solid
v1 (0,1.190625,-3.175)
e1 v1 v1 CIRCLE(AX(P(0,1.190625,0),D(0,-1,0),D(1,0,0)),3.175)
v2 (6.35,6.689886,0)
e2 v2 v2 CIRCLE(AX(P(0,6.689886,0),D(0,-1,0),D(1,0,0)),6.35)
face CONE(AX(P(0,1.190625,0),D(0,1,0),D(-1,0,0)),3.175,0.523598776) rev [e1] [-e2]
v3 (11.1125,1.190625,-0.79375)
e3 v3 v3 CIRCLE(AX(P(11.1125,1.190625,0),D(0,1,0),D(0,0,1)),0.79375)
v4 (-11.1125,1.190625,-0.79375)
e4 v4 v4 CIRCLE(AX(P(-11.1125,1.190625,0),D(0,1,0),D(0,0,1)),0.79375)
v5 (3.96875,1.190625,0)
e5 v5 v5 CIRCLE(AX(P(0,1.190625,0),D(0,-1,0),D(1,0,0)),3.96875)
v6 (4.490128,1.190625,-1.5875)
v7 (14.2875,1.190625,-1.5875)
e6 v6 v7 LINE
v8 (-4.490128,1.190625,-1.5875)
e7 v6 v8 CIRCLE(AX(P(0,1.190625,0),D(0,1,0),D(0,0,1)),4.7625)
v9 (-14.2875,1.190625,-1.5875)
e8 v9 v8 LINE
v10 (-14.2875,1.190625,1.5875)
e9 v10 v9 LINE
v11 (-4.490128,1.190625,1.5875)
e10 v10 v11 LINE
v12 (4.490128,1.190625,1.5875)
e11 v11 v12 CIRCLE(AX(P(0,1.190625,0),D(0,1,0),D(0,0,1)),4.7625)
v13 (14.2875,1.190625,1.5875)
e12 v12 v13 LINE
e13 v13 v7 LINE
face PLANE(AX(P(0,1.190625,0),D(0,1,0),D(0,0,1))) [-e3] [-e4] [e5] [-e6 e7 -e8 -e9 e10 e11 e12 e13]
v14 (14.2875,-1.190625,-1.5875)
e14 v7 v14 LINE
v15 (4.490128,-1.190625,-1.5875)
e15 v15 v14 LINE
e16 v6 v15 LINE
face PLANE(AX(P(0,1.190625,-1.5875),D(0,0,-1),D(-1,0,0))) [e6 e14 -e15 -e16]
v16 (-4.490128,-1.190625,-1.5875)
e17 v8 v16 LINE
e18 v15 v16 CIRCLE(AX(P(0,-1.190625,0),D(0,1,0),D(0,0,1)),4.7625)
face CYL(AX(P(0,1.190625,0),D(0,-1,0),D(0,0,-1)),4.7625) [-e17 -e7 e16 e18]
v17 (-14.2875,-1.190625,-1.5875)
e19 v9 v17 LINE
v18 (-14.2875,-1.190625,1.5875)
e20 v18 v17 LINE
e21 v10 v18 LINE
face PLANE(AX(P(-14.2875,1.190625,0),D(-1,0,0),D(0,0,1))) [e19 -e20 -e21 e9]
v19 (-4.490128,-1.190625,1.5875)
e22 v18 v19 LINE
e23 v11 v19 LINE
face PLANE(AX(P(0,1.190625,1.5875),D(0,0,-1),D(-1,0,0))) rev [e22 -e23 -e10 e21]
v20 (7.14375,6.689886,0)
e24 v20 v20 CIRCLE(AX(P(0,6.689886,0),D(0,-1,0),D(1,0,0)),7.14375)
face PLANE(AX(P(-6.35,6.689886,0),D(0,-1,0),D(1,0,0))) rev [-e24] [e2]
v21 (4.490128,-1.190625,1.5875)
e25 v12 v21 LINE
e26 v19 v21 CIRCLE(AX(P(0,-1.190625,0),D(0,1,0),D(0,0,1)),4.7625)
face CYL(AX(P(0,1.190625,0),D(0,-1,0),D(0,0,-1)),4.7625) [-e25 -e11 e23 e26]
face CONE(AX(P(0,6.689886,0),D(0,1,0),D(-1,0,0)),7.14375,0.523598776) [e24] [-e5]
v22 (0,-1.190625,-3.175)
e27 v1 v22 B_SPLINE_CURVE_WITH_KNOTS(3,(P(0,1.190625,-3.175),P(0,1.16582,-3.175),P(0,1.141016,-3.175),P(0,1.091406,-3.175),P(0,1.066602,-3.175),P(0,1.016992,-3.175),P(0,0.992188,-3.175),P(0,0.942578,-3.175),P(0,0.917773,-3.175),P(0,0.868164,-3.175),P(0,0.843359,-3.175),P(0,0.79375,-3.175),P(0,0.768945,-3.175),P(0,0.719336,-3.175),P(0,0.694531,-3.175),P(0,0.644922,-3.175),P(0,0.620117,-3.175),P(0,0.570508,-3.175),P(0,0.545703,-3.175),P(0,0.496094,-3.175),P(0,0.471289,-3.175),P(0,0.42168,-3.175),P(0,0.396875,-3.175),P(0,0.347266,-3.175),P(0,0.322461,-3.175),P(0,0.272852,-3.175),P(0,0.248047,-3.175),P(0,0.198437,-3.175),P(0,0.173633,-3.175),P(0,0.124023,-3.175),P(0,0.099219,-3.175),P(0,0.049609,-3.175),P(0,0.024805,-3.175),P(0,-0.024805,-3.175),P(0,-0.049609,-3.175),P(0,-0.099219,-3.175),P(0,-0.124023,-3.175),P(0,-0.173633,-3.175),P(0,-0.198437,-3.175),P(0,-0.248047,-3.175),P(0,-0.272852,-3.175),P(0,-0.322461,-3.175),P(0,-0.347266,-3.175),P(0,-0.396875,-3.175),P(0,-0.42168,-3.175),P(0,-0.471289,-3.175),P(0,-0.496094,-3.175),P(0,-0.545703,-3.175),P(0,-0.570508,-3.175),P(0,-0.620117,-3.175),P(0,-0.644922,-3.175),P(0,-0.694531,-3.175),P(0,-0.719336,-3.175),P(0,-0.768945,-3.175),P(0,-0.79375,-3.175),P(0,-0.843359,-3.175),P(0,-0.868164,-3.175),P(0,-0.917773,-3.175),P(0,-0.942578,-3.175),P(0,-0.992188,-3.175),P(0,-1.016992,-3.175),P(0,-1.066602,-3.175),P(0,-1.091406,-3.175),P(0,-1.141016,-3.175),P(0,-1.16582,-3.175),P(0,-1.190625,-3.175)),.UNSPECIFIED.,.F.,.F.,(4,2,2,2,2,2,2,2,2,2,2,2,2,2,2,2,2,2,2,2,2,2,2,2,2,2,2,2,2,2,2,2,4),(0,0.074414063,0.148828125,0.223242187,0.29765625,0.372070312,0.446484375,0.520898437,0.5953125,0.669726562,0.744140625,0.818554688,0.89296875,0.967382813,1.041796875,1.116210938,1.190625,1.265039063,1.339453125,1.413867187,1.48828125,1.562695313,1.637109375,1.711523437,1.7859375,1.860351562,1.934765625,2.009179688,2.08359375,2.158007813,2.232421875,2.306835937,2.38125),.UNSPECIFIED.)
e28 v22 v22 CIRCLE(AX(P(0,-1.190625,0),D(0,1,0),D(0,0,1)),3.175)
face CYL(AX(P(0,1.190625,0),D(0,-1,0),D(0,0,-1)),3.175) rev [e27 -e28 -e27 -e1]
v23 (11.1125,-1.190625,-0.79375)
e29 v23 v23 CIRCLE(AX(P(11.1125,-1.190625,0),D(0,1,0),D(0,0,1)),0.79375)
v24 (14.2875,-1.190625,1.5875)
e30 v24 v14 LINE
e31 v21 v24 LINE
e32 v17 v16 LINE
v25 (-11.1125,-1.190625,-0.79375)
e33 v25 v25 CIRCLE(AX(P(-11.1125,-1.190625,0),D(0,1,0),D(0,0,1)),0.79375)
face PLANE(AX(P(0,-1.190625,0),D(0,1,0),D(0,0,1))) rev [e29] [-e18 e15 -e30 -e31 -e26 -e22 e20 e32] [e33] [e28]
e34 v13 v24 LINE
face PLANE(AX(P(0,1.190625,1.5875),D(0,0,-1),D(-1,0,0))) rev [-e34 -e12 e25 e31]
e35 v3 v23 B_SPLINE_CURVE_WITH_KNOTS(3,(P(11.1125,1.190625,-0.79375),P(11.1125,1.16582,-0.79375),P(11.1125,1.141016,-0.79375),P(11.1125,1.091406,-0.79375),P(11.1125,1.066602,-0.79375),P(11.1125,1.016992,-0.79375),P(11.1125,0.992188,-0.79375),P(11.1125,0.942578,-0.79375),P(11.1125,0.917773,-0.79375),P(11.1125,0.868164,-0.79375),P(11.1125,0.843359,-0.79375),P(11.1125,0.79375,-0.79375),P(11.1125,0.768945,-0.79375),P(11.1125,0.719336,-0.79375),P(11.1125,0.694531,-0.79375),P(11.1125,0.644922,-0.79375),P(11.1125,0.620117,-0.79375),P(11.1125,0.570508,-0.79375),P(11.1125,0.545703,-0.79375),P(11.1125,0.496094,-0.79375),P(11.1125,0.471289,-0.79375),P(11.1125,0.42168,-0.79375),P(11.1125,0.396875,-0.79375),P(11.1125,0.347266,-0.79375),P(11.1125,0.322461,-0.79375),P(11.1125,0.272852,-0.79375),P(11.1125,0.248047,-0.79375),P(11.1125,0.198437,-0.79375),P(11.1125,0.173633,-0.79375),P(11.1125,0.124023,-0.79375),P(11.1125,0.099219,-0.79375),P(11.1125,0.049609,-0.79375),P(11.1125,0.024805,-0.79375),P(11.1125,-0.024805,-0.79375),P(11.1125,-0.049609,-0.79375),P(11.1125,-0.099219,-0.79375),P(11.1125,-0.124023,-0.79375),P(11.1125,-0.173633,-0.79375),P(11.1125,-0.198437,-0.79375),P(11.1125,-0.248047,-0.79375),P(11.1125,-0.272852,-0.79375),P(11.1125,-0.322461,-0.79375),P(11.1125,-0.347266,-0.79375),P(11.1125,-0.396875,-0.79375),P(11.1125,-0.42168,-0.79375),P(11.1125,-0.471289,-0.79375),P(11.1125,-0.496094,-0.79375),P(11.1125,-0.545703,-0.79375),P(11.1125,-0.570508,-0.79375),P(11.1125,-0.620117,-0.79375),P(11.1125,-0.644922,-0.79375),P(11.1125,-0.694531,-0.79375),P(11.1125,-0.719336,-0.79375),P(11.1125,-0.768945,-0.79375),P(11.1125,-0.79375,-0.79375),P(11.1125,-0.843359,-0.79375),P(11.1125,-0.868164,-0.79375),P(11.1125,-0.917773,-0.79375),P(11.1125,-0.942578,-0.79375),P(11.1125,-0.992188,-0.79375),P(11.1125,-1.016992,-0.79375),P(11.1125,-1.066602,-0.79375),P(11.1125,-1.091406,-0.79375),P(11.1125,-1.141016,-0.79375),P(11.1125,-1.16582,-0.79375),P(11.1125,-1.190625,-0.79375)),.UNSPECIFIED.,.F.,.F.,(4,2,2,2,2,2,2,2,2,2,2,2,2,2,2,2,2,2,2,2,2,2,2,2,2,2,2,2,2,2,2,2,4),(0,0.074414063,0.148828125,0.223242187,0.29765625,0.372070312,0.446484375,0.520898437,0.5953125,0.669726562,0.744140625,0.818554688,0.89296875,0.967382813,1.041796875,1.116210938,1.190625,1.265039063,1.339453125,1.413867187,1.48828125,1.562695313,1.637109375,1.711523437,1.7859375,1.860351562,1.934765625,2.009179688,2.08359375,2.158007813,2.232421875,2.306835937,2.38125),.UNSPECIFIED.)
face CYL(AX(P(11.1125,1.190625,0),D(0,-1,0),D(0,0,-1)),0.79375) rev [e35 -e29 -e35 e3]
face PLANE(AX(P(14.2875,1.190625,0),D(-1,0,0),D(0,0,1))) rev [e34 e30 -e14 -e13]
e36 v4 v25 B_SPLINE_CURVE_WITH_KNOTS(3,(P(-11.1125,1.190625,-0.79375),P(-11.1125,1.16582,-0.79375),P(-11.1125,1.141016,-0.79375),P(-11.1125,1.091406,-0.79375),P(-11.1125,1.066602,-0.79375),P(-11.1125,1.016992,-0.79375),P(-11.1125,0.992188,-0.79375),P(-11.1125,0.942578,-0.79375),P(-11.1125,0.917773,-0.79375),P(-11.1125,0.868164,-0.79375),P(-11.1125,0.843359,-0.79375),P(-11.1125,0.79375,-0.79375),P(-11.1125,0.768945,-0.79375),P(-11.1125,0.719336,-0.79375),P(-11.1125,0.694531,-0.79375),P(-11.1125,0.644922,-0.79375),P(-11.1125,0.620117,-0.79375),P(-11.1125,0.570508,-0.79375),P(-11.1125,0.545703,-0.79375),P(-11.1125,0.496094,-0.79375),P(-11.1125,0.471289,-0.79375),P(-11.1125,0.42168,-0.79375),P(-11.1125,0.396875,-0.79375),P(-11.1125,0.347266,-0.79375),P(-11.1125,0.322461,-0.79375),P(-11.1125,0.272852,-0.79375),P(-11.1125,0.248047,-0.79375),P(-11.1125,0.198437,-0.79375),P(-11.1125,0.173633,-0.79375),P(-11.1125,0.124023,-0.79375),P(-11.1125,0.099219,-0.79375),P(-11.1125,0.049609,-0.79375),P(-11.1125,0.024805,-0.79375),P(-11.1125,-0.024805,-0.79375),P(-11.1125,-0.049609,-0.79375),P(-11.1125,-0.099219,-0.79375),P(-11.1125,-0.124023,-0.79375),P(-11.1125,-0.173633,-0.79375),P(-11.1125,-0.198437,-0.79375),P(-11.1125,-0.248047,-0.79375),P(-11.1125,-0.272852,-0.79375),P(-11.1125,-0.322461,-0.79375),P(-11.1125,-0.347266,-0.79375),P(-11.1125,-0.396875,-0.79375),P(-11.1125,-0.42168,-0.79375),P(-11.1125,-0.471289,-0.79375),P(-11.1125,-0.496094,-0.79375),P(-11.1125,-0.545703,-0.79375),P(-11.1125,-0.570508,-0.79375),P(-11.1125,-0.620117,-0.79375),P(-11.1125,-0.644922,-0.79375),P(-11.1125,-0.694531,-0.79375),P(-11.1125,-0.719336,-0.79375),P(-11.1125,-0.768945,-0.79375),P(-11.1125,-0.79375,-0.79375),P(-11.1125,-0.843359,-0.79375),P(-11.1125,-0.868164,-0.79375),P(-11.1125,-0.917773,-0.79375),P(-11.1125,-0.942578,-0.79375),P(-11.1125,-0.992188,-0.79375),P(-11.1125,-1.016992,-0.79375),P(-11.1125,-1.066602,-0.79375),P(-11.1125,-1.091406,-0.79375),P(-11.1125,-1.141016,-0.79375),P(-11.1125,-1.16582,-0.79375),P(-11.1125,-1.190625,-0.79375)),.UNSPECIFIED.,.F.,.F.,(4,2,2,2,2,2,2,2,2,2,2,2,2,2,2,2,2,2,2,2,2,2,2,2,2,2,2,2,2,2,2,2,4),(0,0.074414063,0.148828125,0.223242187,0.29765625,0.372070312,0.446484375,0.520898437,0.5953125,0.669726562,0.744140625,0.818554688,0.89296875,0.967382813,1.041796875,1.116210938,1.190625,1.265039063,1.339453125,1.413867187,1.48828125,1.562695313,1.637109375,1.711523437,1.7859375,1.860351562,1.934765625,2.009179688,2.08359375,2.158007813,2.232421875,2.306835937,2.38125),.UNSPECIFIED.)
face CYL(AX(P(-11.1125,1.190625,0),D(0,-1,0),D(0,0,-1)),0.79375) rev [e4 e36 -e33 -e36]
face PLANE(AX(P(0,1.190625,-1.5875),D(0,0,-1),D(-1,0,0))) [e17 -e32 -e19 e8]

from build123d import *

# Parameters (mm, degrees)
SKETCH1_R           = 0.79375
BOSS_EXTRUDE1_DEPTH = 1.190625


with BuildPart() as part:
    # Sketch1 → Boss-Extrude1 (new, symmetric)
    # profile 1 of 14: a face of its own
    with BuildSketch(Plane(origin=(0, 0, 0), x_dir=(1, 0, 0), z_dir=(0, 1, 0))):
        with BuildLine():
            ThreePointArc((-4.682314967, -0.870248702), (-4.742411374, -0.436967517), (-4.7625, 0))
            ThreePointArc((-4.7625, 0), (-4.69391314, 0.805348174), (-4.490128061, 1.5875))
            Line((-4.490128061, 1.5875), (-14.2875, 1.5875))
            Line((-14.2875, 1.5875), (-14.2875, -1.5875))
            Line((-14.2875, -1.5875), (-5.924630657, -1.5875))
            Line((-5.924630657, -1.5875), (-4.682314967, -0.870248702))
        make_face()
        with Locations(Location((-11.1125, 0, 0), (0, 0, 90))):
            Circle(SKETCH1_R, mode=Mode.SUBTRACT)
    # profile 2 of 14: a face of its own
    with BuildSketch(Plane(origin=(0, 0, 0), x_dir=(1, 0, 0), z_dir=(0, 1, 0))):
        with BuildLine():
            ThreePointArc((-2.749630657, 1.5875), (0, 3.175), (2.749630657, 1.5875))
            Line((2.749630657, 1.5875), (4.490128061, 1.5875))
            ThreePointArc((4.490128061, 1.5875), (0, 4.7625), (-4.490128061, 1.5875))
            Line((-4.490128061, 1.5875), (-2.749630657, 1.5875))
        make_face()
    # profile 3 of 14: a face of its own
    with BuildSketch(Plane(origin=(0, 0, 0), x_dir=(1, 0, 0), z_dir=(0, 1, 0))):
        with BuildLine():
            ThreePointArc((4.490128061, 1.5875), (4.69391314, 0.805348174), (4.7625, 0))
            ThreePointArc((4.7625, 0), (4.742411374, -0.436967517), (4.682314967, -0.870248702))
            Line((4.682314967, -0.870248702), (5.924630657, -1.5875))
            Line((5.924630657, -1.5875), (14.2875, -1.5875))
            Line((14.2875, -1.5875), (14.2875, 1.5875))
            Line((14.2875, 1.5875), (4.490128061, 1.5875))
        make_face()
        with Locations(Location((11.1125, 0, 0), (0, 0, 90))):
            Circle(SKETCH1_R, mode=Mode.SUBTRACT)
    # profile 4 of 14: a face of its own
    with BuildSketch(Plane(origin=(0, 0, 0), x_dir=(1, 0, 0), z_dir=(0, 1, 0))):
        with BuildLine():
            ThreePointArc((2.749630657, 1.5875), (3.066814498, 0.821750468), (3.175, 0))
            Line((3.175, 0), (4.7625, 0))
            ThreePointArc((4.7625, 0), (4.69391314, 0.805348174), (4.490128061, 1.5875))
            Line((4.490128061, 1.5875), (2.749630657, 1.5875))
        make_face()
    # profile 5 of 14: a face of its own
    with BuildSketch(Plane(origin=(0, 0, 0), x_dir=(1, 0, 0), z_dir=(0, 1, 0))):
        with BuildLine():
            Line((-4.7625, 0), (-3.175, 0))
            ThreePointArc((-3.175, 0), (-3.066814498, 0.821750468), (-2.749630657, 1.5875))
            Line((-2.749630657, 1.5875), (-4.490128061, 1.5875))
            ThreePointArc((-4.490128061, 1.5875), (-4.69391314, 0.805348174), (-4.7625, 0))
        make_face()
    # profile 6 of 14: a face of its own
    with BuildSketch(Plane(origin=(0, 0, 0), x_dir=(1, 0, 0), z_dir=(0, 1, 0))):
        with BuildLine():
            Line((4.7625, 0), (3.175, 0))
            Line((3.175, 0), (4.682314967, -0.870248702))
            ThreePointArc((4.682314967, -0.870248702), (4.742411374, -0.436967517), (4.7625, 0))
        make_face()
    # profile 7 of 14: a face of its own
    with BuildSketch(Plane(origin=(0, 0, 0), x_dir=(1, 0, 0), z_dir=(0, 1, 0))):
        with BuildLine():
            Line((4.682314967, -0.870248702), (3.175, 0))
            ThreePointArc((3.175, 0), (3.066814498, -0.821750468), (2.749630657, -1.5875))
            Line((2.749630657, -1.5875), (4.490128061, -1.5875))
            ThreePointArc((4.490128061, -1.5875), (4.600221748, -1.232625702), (4.682314967, -0.870248702))
        make_face()
    # profile 8 of 14: a face of its own
    with BuildSketch(Plane(origin=(0, 0, 0), x_dir=(1, 0, 0), z_dir=(0, 1, 0))):
        with BuildLine():
            Line((4.490128061, -1.5875), (2.749630657, -1.5875))
            ThreePointArc((2.749630657, -1.5875), (0, -3.175), (-2.749630657, -1.5875))
            Line((-2.749630657, -1.5875), (-4.490128061, -1.5875))
            ThreePointArc((-4.490128061, -1.5875), (0, -4.7625), (4.490128061, -1.5875))
        make_face()
    # profile 9 of 14: a face of its own
    with BuildSketch(Plane(origin=(0, 0, 0), x_dir=(1, 0, 0), z_dir=(0, 1, 0))):
        with BuildLine():
            ThreePointArc((-2.749630657, -1.5875), (-3.066814498, -0.821750468), (-3.175, 0))
            Line((-3.175, 0), (-4.682314967, -0.870248702))
            ThreePointArc((-4.682314967, -0.870248702), (-4.600221748, -1.232625702), (-4.490128061, -1.5875))
            Line((-4.490128061, -1.5875), (-2.749630657, -1.5875))
        make_face()
    # profile 10 of 14: a face of its own
    with BuildSketch(Plane(origin=(0, 0, 0), x_dir=(1, 0, 0), z_dir=(0, 1, 0))):
        with BuildLine():
            ThreePointArc((2.749630657, 1.5875), (3.066814498, 0.821750468), (3.175, 0))
            Line((3.175, 0), (4.7625, 0))
            ThreePointArc((4.7625, 0), (4.69391314, 0.805348174), (4.490128061, 1.5875))
            Line((4.490128061, 1.5875), (2.749630657, 1.5875))
        make_face()
    # profile 11 of 14: a face of its own
    with BuildSketch(Plane(origin=(0, 0, 0), x_dir=(1, 0, 0), z_dir=(0, 1, 0))):
        with BuildLine():
            Line((-4.7625, 0), (-3.175, 0))
            ThreePointArc((-3.175, 0), (-3.066814498, 0.821750468), (-2.749630657, 1.5875))
            Line((-2.749630657, 1.5875), (-4.490128061, 1.5875))
            ThreePointArc((-4.490128061, 1.5875), (-4.69391314, 0.805348174), (-4.7625, 0))
        make_face()
    # profile 12 of 14: a face of its own
    with BuildSketch(Plane(origin=(0, 0, 0), x_dir=(1, 0, 0), z_dir=(0, 1, 0))):
        with BuildLine():
            Line((-4.682314967, -0.870248702), (-3.175, 0))
            Line((-3.175, 0), (-4.7625, 0))
            ThreePointArc((-4.7625, 0), (-4.742411374, -0.436967517), (-4.682314967, -0.870248702))
        make_face()
    # profile 13 of 14: a face of its own
    with BuildSketch(Plane(origin=(0, 0, 0), x_dir=(1, 0, 0), z_dir=(0, 1, 0))):
        with BuildLine():
            Line((5.924630657, -1.5875), (4.682314967, -0.870248702))
            ThreePointArc((4.682314967, -0.870248702), (4.600221748, -1.232625702), (4.490128061, -1.5875))
            Line((4.490128061, -1.5875), (5.924630657, -1.5875))
        make_face()
    # profile 14 of 14: a face of its own
    with BuildSketch(Plane(origin=(0, 0, 0), x_dir=(1, 0, 0), z_dir=(0, 1, 0))):
        with BuildLine():
            ThreePointArc((-4.490128061, -1.5875), (-4.600221748, -1.232625702), (-4.682314967, -0.870248702))
            Line((-4.682314967, -0.870248702), (-5.924630657, -1.5875))
            Line((-5.924630657, -1.5875), (-4.490128061, -1.5875))
        make_face()
    extrude(amount=BOSS_EXTRUDE1_DEPTH, both=True)

    # Sketch2 → Revolve2 (revolve)
    with BuildSketch(Plane.XY, mode=Mode.PRIVATE) as revolve2_sk:
        Polygon((-3.175, 1.190625), (-6.35, 6.689886314), (-7.14375, 6.689886314), (-3.96875, 1.190625), align=None)
    revolve(revolve2_sk.sketch.rotate(Axis((0, -1000, 0), (0, 1, 0)), 270), axis=Axis((0, -1000, 0), (0, 1, 0)))


solid = part.part
